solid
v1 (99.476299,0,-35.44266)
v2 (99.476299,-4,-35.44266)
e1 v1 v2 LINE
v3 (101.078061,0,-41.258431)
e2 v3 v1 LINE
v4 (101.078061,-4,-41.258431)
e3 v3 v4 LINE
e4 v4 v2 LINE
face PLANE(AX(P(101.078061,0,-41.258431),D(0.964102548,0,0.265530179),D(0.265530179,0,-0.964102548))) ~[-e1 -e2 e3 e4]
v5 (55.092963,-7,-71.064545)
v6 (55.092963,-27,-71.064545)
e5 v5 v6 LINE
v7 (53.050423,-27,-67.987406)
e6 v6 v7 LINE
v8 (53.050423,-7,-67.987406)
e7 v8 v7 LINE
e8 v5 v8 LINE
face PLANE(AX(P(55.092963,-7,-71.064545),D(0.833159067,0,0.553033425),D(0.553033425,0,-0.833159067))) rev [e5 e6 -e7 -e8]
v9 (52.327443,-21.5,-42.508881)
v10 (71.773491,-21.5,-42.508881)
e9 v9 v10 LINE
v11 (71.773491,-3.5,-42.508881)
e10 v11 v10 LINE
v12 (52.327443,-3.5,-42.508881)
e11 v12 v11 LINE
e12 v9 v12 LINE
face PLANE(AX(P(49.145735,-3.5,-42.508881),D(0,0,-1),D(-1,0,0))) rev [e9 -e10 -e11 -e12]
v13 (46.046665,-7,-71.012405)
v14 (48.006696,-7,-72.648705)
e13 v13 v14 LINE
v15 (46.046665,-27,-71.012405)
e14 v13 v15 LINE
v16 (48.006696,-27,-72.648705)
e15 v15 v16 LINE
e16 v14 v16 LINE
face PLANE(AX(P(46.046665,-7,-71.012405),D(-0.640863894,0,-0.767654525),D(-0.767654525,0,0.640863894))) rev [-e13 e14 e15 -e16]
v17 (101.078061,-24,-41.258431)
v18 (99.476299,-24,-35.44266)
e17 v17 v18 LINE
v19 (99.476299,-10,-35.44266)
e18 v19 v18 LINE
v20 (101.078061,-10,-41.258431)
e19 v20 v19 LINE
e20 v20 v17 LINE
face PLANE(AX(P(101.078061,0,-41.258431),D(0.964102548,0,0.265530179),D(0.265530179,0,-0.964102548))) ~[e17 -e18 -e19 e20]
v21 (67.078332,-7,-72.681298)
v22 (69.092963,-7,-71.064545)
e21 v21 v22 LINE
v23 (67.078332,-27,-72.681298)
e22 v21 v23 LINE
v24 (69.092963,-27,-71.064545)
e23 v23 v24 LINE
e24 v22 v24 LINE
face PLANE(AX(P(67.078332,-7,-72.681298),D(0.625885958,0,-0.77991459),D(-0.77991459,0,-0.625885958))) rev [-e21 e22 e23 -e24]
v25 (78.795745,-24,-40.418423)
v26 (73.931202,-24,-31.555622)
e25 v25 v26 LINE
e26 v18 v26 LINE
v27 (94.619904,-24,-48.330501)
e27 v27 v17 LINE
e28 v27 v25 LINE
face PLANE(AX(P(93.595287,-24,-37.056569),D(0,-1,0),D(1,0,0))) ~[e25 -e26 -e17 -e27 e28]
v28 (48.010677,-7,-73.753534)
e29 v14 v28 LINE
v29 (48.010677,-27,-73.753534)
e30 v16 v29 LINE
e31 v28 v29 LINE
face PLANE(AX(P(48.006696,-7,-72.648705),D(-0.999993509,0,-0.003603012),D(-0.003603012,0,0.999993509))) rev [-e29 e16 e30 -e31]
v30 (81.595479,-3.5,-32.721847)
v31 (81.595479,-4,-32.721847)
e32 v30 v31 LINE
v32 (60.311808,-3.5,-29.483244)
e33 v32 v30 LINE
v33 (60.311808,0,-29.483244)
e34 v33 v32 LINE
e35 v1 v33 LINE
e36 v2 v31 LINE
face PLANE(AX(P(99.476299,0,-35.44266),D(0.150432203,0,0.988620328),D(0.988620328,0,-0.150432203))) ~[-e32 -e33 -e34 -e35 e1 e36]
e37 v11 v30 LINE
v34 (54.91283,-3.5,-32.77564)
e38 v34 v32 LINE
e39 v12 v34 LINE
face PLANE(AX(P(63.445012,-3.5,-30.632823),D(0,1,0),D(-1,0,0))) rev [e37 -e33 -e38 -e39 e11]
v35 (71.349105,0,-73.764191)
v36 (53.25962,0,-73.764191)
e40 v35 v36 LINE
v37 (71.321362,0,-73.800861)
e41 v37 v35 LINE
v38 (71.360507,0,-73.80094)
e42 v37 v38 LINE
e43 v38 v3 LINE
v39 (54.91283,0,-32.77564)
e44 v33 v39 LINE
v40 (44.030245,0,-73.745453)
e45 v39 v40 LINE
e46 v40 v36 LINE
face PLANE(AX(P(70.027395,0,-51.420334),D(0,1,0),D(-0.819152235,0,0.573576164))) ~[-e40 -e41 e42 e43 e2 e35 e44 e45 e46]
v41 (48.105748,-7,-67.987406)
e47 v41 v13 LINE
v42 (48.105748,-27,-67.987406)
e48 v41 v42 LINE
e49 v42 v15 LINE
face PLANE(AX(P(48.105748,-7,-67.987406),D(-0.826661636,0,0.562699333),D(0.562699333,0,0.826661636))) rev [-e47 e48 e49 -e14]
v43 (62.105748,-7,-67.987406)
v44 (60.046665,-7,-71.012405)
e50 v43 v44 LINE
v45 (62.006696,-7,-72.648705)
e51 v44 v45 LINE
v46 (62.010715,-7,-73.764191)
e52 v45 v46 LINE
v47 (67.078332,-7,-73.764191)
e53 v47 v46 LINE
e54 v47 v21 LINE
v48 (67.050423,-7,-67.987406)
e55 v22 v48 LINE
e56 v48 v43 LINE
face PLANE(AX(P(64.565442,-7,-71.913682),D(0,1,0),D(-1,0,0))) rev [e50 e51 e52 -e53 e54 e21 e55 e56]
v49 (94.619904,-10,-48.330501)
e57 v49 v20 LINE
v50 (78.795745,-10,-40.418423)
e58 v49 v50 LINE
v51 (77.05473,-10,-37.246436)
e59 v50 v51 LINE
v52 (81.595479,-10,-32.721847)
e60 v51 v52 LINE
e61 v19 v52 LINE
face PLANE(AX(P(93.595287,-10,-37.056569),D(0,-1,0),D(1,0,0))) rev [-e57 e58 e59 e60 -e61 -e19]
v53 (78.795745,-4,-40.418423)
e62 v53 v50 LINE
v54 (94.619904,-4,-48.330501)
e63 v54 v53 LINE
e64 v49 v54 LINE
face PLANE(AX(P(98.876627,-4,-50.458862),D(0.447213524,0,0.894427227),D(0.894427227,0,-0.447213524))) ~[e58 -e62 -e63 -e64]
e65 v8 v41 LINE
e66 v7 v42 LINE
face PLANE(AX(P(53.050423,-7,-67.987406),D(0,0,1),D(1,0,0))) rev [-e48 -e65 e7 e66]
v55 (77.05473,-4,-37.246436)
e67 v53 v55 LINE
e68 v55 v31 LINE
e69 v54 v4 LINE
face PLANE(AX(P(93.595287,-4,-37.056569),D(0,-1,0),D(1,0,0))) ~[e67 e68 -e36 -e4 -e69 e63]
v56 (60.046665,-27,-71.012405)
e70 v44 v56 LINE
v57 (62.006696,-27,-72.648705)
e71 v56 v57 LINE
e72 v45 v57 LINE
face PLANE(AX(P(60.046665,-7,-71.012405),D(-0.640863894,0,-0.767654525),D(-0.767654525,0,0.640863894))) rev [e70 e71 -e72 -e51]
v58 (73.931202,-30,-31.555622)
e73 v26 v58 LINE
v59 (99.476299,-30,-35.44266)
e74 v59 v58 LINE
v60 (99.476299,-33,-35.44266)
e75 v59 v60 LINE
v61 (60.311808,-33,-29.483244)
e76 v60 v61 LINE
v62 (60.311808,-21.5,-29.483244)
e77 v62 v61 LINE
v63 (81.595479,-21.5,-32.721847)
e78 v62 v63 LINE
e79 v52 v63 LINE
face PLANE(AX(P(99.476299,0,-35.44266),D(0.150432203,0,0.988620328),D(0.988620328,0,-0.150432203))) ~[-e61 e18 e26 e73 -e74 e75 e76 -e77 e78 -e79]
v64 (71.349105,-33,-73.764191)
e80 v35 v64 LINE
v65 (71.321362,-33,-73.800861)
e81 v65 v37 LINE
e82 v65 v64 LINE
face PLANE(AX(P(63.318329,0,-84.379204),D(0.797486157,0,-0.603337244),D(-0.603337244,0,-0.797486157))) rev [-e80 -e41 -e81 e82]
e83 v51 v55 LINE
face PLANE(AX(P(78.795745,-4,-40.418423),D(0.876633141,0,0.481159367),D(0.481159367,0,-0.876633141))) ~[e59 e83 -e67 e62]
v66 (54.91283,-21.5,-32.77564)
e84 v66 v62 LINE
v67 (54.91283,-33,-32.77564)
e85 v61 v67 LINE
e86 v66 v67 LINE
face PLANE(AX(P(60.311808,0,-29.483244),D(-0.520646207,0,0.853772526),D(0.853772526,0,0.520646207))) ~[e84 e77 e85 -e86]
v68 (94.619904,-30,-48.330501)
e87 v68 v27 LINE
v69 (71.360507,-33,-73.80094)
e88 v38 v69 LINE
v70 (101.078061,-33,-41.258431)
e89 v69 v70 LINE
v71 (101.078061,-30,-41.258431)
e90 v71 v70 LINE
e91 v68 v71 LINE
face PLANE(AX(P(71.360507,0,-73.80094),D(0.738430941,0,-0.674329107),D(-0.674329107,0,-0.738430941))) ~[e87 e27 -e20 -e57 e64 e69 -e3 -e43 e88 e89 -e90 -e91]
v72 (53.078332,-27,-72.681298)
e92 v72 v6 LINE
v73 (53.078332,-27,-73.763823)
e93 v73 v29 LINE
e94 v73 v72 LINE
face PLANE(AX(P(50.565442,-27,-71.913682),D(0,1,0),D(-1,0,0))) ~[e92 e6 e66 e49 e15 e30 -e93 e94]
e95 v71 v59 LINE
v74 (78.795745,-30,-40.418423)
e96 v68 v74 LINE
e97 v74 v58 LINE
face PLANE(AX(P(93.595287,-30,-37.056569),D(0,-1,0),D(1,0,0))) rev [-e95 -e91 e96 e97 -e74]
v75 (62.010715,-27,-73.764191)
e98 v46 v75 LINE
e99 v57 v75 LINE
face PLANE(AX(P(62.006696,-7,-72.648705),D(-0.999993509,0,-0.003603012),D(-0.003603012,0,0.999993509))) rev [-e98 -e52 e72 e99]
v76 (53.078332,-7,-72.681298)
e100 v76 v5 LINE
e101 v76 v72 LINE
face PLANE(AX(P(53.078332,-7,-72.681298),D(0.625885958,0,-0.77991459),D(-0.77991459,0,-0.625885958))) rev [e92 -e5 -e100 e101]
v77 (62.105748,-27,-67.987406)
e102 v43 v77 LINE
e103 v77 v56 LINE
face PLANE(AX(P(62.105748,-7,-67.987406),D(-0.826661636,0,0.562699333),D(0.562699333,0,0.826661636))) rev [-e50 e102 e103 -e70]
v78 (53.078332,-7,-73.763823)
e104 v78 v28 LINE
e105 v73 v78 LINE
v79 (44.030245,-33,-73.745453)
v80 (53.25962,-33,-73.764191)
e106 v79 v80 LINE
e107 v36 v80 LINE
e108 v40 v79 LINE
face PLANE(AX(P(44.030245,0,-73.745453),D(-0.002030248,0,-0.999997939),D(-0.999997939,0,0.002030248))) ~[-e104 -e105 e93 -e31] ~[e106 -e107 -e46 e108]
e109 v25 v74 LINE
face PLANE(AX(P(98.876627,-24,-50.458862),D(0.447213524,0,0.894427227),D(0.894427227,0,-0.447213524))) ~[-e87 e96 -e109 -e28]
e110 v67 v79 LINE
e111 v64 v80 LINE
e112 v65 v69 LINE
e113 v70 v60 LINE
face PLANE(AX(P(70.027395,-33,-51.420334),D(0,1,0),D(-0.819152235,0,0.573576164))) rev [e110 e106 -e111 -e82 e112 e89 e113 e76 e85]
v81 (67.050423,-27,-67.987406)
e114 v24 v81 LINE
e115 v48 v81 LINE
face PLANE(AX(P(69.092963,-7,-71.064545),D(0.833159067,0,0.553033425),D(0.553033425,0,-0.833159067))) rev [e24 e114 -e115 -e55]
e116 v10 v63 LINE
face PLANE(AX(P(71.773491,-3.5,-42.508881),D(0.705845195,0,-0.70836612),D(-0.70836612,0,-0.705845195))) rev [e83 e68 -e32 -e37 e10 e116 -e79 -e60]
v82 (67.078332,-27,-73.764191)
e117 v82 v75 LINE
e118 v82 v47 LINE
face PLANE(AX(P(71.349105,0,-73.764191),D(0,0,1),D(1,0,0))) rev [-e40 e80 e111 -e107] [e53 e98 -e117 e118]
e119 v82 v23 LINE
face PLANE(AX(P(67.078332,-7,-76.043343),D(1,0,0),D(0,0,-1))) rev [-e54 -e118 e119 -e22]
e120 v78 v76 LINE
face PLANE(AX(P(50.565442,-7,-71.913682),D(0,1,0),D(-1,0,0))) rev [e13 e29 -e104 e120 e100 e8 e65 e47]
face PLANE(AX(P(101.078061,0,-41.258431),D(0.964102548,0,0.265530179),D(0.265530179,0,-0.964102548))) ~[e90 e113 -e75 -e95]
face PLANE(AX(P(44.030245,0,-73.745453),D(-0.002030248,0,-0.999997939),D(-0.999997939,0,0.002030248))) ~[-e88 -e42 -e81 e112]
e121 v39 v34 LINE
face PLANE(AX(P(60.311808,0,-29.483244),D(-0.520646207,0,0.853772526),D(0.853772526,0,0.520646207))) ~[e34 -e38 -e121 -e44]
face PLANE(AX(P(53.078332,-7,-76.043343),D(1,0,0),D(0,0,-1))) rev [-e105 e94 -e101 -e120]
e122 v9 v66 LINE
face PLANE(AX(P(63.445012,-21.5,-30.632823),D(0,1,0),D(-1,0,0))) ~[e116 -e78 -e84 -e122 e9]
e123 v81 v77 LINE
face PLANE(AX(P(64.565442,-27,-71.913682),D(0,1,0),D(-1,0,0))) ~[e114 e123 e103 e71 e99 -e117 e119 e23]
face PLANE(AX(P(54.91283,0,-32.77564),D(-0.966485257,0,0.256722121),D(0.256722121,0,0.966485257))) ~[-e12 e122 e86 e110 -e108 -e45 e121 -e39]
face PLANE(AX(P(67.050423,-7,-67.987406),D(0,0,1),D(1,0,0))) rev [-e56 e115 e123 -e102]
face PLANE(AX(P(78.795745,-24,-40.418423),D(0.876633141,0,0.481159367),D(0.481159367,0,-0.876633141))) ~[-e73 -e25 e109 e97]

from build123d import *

# Parameters (mm, degrees)
PAD049_DEPTH = 6
PAD050_DEPTH = 6
PAD051_DEPTH = 18
PAD043_DEPTH = 20
PAD041_DEPTH = 33
PAD042_DEPTH = 20
PAD040_DEPTH = 33


with BuildPart() as pad049:
    # Sketch053 → Pad049 (new body)
    with BuildSketch(Plane.XZ.offset(4)):
        Polygon((-22.876627, -50.458862), (-2.795745, -40.418423), (3.522805, -28.90654), (-39.408733, -32.801537), align=None)
    extrude(amount=PAD049_DEPTH)


with BuildPart() as pad050:
    # Sketch054 → Pad050 (new body)
    with BuildSketch(Plane.XZ.offset(24)):
        Polygon((-22.876627, -50.458862), (-2.795745, -40.418423), (3.522805, -28.90654), (-39.408733, -32.801537), align=None)
    extrude(amount=PAD050_DEPTH)


with BuildPart() as pad051:
    # Sketch055 → Pad051 (new body)
    with BuildSketch(Plane.XZ.offset(3.5)):
        Polygon((26.854265, -42.508881), (4.226509, -42.508881), (-12.077076, -26.263317), (32.65625, -19.126871), align=None)
    extrude(amount=PAD051_DEPTH)


with BuildPart() as pad043:
    # Sketch047 → Pad043 (new body)
    with BuildSketch(Plane(origin=(10, -7, 0), x_dir=(1, 0, 0), z_dir=(0, -1, 0))):
        Polygon((12.921668, -76.043343), (12.921668, -72.681298), (10.907037, -71.064545), (12.949577, -67.987406), (17.894252, -67.987406), (19.953335, -71.012405), (17.993304, -72.648705), (17.981073, -76.043343), align=None)
    extrude(amount=PAD043_DEPTH)


with BuildPart() as pad041:
    # Sketch045 → Pad041 (new body)
    with BuildSketch(Plane.XZ):
        Polygon((31.922119, -73.764191), (34.715668, -84.347412), (31.00419, -84.347412), (29.994871, -83.010223), (29.004835, -82.997353), (29.97435, -84.356453), (27.001257, -84.356453), (25.99424, -83.013763), (24.977634, -83.013763), (26.003832, -84.375633), (23.007538, -84.375633), (22.019703, -83.023636), (20.974325, -83.023636), (22.000523, -84.366325), (19.017838, -84.366325), (17.99164, -83.004456), (16.984625, -83.004456), (18.00123, -84.366325), (15.032244, -84.366325), (14.013124, -83.020378), (12.982291, -83.020378), (14.00141, -84.379204), (12.681671, -84.379204), (4.650895, -73.764191), align=None)
    extrude(amount=PAD041_DEPTH)


with BuildPart() as fusion011:
    # Sketch046 → Pad042 (new body)
    with BuildSketch(Plane(origin=(-4, -7, 0), x_dir=(1, 0, 0), z_dir=(0, -1, 0))):
        Polygon((12.921668, -76.043343), (12.921668, -72.681298), (10.907037, -71.064545), (12.949577, -67.987406), (17.894252, -67.987406), (19.953335, -71.012405), (17.993304, -72.648705), (17.981073, -76.043343), align=None)
    extrude(amount=PAD042_DEPTH)

    # Fusion010: union Pad041
    add(pad041.part)

    # Fusion011: union Pad043
    add(pad043.part)


with BuildPart() as cut018:
    # Sketch043 → Pad040 (new body)
    with BuildSketch(Plane(origin=(-15, 0, -10), x_dir=(0.819152, 0, 0.573576), z_dir=(0, -1, 0))):
        Polygon((-26.184557, -19.824878), (-21.536683, -15.979609), (13.963177, -33.561758), (16.497322, -39.355457), (1.912507, -79.157962), (-20.506964, -63.527428), align=None)
    extrude(amount=PAD040_DEPTH)

    # Cut010: cut Fusion011
    add(fusion011.part, mode=Mode.SUBTRACT)

    # Cut016: cut Pad051
    add(pad051.part, mode=Mode.SUBTRACT)

    # Cut017: cut Pad050
    add(pad050.part, mode=Mode.SUBTRACT)

    # Cut018: cut Pad049
    add(pad049.part, mode=Mode.SUBTRACT)


with BuildPart() as part_mirroring019:
    # Part__Mirroring019: instance of Cut018
    add(cut018.part.mirror(Plane(origin=(0, 0, 0), x_dir=(0, -1, 0), z_dir=(1, 0, 0))))


with BuildPart() as part_mirroring019_1:
    # Part__Mirroring019 placement: moved
    add(part_mirroring019.part.moved(Location((76, 0, 0))))


solid = part_mirroring019_1.part
